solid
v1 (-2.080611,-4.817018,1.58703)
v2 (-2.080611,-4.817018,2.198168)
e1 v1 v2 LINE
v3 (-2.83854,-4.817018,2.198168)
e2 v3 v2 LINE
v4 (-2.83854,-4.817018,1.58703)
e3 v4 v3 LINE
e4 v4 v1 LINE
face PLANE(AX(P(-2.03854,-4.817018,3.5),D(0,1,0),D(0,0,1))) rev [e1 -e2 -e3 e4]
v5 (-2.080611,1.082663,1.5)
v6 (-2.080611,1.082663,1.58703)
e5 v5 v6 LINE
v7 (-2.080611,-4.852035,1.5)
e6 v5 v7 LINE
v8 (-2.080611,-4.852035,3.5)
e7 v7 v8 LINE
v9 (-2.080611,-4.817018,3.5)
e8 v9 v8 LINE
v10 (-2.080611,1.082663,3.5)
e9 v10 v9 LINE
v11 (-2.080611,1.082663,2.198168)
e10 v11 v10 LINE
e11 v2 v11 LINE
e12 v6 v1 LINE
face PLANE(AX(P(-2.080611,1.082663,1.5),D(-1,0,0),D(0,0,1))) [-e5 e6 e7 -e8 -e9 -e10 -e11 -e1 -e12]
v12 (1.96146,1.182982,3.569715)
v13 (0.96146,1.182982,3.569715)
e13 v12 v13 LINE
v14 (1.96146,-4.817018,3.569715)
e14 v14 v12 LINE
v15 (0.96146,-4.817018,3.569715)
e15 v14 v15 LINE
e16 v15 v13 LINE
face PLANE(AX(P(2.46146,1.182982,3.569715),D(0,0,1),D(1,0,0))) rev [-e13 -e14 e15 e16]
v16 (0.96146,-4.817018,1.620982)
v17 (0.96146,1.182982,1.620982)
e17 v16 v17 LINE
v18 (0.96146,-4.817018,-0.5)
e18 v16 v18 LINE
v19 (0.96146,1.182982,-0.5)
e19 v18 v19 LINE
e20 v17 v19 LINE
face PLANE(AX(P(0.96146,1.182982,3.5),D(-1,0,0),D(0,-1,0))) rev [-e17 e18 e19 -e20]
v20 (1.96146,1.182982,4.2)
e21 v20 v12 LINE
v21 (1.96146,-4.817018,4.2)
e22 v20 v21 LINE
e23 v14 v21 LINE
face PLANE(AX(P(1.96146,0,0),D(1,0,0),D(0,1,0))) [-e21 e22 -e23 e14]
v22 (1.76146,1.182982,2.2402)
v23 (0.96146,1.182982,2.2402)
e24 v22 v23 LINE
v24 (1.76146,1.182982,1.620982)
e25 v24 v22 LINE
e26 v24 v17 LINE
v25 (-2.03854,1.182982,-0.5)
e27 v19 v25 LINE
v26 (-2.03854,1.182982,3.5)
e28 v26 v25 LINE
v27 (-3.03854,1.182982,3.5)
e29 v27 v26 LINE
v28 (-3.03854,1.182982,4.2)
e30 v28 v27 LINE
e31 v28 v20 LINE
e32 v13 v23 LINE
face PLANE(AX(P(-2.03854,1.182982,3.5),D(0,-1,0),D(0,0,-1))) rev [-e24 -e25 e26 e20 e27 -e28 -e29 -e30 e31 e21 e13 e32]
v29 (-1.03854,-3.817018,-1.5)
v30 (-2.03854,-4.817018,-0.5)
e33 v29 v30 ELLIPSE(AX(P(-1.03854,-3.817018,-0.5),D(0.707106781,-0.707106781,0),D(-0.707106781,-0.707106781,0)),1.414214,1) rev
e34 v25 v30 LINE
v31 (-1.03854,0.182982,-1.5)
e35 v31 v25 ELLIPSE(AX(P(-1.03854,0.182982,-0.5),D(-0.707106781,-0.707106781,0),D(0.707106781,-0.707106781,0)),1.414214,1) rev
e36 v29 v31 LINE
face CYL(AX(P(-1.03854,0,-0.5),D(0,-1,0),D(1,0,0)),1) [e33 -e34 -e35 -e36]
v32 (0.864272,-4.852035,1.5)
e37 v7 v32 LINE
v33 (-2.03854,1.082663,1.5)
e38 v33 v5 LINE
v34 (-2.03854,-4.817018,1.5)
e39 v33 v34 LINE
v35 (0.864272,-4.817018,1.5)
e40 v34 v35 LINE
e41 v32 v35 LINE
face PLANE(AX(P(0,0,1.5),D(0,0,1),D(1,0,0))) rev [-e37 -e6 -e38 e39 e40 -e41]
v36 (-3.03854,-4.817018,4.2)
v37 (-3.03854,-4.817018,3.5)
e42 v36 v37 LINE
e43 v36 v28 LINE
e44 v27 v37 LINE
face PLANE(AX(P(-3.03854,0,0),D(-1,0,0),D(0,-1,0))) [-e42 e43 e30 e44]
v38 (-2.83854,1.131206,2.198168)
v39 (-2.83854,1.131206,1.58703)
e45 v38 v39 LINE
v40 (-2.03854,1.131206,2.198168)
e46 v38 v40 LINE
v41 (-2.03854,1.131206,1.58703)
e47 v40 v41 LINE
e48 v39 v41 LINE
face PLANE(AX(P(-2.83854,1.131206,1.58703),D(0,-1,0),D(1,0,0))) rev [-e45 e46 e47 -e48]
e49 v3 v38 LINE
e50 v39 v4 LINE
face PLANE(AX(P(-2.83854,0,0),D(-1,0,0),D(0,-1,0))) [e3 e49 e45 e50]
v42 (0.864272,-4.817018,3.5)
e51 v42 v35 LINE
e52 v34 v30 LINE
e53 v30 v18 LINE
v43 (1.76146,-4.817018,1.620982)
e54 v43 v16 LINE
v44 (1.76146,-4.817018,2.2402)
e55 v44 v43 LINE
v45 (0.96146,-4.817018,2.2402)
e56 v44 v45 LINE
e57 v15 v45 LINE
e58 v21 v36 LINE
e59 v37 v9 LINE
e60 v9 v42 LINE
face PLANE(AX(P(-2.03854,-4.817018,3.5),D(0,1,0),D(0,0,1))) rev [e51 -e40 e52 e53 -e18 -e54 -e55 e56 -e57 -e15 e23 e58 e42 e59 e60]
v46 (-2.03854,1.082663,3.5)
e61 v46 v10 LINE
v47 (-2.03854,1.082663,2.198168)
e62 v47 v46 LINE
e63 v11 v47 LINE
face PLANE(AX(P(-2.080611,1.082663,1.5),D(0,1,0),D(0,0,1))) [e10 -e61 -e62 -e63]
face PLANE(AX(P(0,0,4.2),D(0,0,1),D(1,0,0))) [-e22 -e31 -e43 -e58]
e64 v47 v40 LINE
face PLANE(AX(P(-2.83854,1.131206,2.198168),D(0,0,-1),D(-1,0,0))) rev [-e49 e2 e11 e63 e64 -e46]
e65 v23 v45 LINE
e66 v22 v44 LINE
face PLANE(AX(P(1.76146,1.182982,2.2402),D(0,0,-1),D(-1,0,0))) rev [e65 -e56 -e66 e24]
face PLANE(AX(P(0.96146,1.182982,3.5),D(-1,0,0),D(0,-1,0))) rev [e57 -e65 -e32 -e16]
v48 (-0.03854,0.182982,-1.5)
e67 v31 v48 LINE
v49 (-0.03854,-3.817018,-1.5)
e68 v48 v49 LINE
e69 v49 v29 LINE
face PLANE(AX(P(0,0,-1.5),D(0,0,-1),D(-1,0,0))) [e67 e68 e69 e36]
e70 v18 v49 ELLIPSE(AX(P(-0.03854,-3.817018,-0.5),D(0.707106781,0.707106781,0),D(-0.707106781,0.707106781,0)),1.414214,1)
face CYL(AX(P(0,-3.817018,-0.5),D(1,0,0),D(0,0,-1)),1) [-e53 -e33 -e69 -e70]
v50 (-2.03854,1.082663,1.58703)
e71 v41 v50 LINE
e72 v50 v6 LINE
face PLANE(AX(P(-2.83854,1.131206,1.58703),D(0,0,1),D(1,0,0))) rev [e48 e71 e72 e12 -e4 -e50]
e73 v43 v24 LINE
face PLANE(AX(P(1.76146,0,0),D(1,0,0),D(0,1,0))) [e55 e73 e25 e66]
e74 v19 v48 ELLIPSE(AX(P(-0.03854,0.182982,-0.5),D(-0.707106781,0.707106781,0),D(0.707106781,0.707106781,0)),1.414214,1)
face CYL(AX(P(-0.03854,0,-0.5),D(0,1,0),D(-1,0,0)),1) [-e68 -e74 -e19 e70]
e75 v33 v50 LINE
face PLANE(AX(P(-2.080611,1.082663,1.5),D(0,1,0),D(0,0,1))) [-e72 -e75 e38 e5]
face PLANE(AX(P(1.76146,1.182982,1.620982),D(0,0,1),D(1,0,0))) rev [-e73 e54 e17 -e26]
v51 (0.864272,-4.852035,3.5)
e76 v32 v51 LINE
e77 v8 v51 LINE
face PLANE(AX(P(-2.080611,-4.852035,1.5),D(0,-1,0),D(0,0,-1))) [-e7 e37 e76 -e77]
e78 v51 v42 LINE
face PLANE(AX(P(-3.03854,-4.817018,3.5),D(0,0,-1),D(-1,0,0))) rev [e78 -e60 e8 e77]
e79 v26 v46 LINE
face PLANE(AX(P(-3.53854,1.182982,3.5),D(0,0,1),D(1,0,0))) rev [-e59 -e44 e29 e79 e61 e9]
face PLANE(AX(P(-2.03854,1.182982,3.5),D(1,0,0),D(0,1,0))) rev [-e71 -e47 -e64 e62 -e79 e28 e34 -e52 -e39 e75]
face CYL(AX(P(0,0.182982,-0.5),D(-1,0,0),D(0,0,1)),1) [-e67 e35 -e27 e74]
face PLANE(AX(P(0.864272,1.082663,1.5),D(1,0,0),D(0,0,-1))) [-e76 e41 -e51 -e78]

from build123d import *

# Parameters (mm, degrees)
SKETCH_3_W           = 3
SKETCH_3_H           = 6
EXTRUDE_2_DEPTH      = 3.5
SKETCH_4_OUTSIDE_W   = 6.514
SKETCH_4_OUTSIDE_H   = 9.514
SKETCH_4_OUTSIDE_W_2 = 1.417406922
SKETCH_4_OUTSIDE_H_2 = 3.080497711
CUT_EXTRUDE_1_DEPTH  = 0.8
SKETCH_9_W           = 3
SKETCH_9_H           = 6
EXTRUDE_5_DEPTH      = 1.5
FILLET_2_R           = 1
SKETCH_6_W           = 0.611138618
SKETCH_6_H           = 5.948224028
EXTRUDE_3_DEPTH      = 0.8
SKETCH_8_W           = 0.619217593
SKETCH_8_H           = 6
EXTRUDE_4_DEPTH      = 0.8
SKETCH_10_W          = 2.94488386
SKETCH_10_H          = 5.934698602
EXTRUDE_6_DEPTH      = 2
SKETCH_11_W          = 3
SKETCH_11_H          = 6
EXTRUDE_7_DEPTH      = 1.5
SKETCH_12_W          = 0.7
SKETCH_12_H          = 6
EXTRUDE_8_DEPTH      = 1.5
SKETCH_13_W          = 0.6302849
SKETCH_13_H          = 6
EXTRUDE_9_DEPTH      = 1.5
SKETCH_14_W          = 0.6302849
SKETCH_14_H          = 6
CUT_EXTRUDE_2_DEPTH  = 0.5
SKETCH_15_W          = 0.7
SKETCH_15_H          = 6
CUT_EXTRUDE_3_DEPTH  = 0.5
SKETCH_16_W          = 5
SKETCH_16_H          = 0.6302849
EXTRUDE_10_DEPTH     = 1
SKETCH_17_W          = 5
SKETCH_17_H          = 0.7
EXTRUDE_11_DEPTH     = 1
SKETCH_18_W          = 5
SKETCH_18_H          = 0.6302849
CUT_EXTRUDE_4_DEPTH  = 1
SKETCH_19_W          = 5
SKETCH_19_H          = 0.7
CUT_EXTRUDE_5_DEPTH  = 1


with BuildPart() as part:
    # 草图3 → 凸台-拉伸2 (new body)
    with BuildSketch(Plane.XY):
        with Locations((-0.538539978, -1.817017803)):
            Rectangle(SKETCH_3_W, SKETCH_3_H)
    extrude(amount=EXTRUDE_2_DEPTH)

    # 草图4 outside → 切除-拉伸1 (cut)
    with BuildSketch(Plane.XY.offset(3.5)):
        with Locations((-0.539, -1.817)):
            Rectangle(SKETCH_4_OUTSIDE_W, SKETCH_4_OUTSIDE_H)
        with Locations((-0.530790021, -1.736698078)):
            Rectangle(SKETCH_4_OUTSIDE_W_2, SKETCH_4_OUTSIDE_H_2, mode=Mode.SUBTRACT)
    extrude(amount=-CUT_EXTRUDE_1_DEPTH, mode=Mode.SUBTRACT)

    # 草图9 → 凸台-拉伸5 (add)
    with BuildSketch(Plane(origin=(0, 0, 0), x_dir=(-1, 0, 0), z_dir=(0, 0, -1))):
        with Locations((0.538539978, -1.817017803)):
            Rectangle(SKETCH_9_W, SKETCH_9_H)
    extrude(amount=EXTRUDE_5_DEPTH)

    # 圆角2
    fillet_2_edges = [part.edges().sort_by_distance(p)[0] for p in [
        (0.961460022, -1.817017803, -1.5),
        (-0.538539978, -4.817017803, -1.5),
        (-2.038539978, -1.817017803, -1.5),
        (-0.538539978, 1.182982197, -1.5),
    ]]
    fillet(fillet_2_edges, radius=FILLET_2_R)

    # 草图6 → 凸台-拉伸3 (add)
    with BuildSketch(Plane.ZY.offset(2.038539978)):
        with Locations((1.892599011, -1.842905789)):
            Rectangle(SKETCH_6_W, SKETCH_6_H)
    extrude(amount=EXTRUDE_3_DEPTH)

    # 草图8 → 凸台-拉伸4 (add)
    with BuildSketch(Plane(origin=(0.961460022, 0, 0), x_dir=(0, 0, -1), z_dir=(1, 0, 0))):
        with Locations((-1.93059109, -1.817017803)):
            Rectangle(SKETCH_8_W, SKETCH_8_H)
    extrude(amount=EXTRUDE_4_DEPTH)

    # 草图10 → 凸台-拉伸6 (add)
    with BuildSketch(Plane.XY.offset(3.5)):
        with Locations((-0.608169547, -1.884686131)):
            Rectangle(SKETCH_10_W, SKETCH_10_H)
    extrude(amount=-EXTRUDE_6_DEPTH)

    # 草图11 → 凸台-拉伸7 (add)
    with BuildSketch(Plane.XY.offset(2.7)):
        with Locations((-0.538539978, -1.817017803)):
            Rectangle(SKETCH_11_W, SKETCH_11_H)
    extrude(amount=EXTRUDE_7_DEPTH)

    # 草图12 → 凸台-拉伸8 (add)
    with BuildSketch(Plane.ZY.offset(2.038539978)):
        with Locations((3.85, -1.817017803)):
            Rectangle(SKETCH_12_W, SKETCH_12_H)
    extrude(amount=EXTRUDE_8_DEPTH)

    # 草图13 → 凸台-拉伸9 (add)
    with BuildSketch(Plane(origin=(0.961460022, 0, 0), x_dir=(0, 0, -1), z_dir=(1, 0, 0))):
        with Locations((-3.88485755, -1.817017803)):
            Rectangle(SKETCH_13_W, SKETCH_13_H)
    extrude(amount=EXTRUDE_9_DEPTH)

    # 草图14 → 切除-拉伸2 (cut)
    with BuildSketch(Plane(origin=(2.461460022, 0, 0), x_dir=(0, 0, -1), z_dir=(1, 0, 0))):
        with Locations((-3.88485755, -1.817017803)):
            Rectangle(SKETCH_14_W, SKETCH_14_H)
    extrude(amount=-CUT_EXTRUDE_2_DEPTH, mode=Mode.SUBTRACT)

    # 草图15 → 切除-拉伸3 (cut)
    with BuildSketch(Plane.ZY.offset(3.538539978)):
        with Locations((3.85, -1.817017803)):
            Rectangle(SKETCH_15_W, SKETCH_15_H)
    extrude(amount=-CUT_EXTRUDE_3_DEPTH, mode=Mode.SUBTRACT)

    # 草图16 → 凸台-拉伸10 (add)
    with BuildSketch(Plane(origin=(0, 1.182982197, 0), x_dir=(1, 0, 0), z_dir=(0, 1, 0))):
        with Locations((-0.538539978, -3.88485755)):
            Rectangle(SKETCH_16_W, SKETCH_16_H)
    extrude(amount=EXTRUDE_10_DEPTH)

    # 草图17 → 凸台-拉伸11 (add)
    with BuildSketch(Plane.XZ.offset(4.817017803)):
        with Locations((-0.538539978, 3.85)):
            Rectangle(SKETCH_17_W, SKETCH_17_H)
    extrude(amount=EXTRUDE_11_DEPTH)

    # 草图18 → 切除-拉伸4 (cut)
    with BuildSketch(Plane(origin=(0, 2.182982197, 0), x_dir=(1, 0, 0), z_dir=(0, 1, 0))):
        with Locations((-0.538539978, -3.88485755)):
            Rectangle(SKETCH_18_W, SKETCH_18_H)
    extrude(amount=-CUT_EXTRUDE_4_DEPTH, mode=Mode.SUBTRACT)

    # 草图19 → 切除-拉伸5 (cut)
    with BuildSketch(Plane.XZ.offset(5.817017803)):
        with Locations((-0.538539978, 3.85)):
            Rectangle(SKETCH_19_W, SKETCH_19_H)
    extrude(amount=-CUT_EXTRUDE_5_DEPTH, mode=Mode.SUBTRACT)


solid = part.part
